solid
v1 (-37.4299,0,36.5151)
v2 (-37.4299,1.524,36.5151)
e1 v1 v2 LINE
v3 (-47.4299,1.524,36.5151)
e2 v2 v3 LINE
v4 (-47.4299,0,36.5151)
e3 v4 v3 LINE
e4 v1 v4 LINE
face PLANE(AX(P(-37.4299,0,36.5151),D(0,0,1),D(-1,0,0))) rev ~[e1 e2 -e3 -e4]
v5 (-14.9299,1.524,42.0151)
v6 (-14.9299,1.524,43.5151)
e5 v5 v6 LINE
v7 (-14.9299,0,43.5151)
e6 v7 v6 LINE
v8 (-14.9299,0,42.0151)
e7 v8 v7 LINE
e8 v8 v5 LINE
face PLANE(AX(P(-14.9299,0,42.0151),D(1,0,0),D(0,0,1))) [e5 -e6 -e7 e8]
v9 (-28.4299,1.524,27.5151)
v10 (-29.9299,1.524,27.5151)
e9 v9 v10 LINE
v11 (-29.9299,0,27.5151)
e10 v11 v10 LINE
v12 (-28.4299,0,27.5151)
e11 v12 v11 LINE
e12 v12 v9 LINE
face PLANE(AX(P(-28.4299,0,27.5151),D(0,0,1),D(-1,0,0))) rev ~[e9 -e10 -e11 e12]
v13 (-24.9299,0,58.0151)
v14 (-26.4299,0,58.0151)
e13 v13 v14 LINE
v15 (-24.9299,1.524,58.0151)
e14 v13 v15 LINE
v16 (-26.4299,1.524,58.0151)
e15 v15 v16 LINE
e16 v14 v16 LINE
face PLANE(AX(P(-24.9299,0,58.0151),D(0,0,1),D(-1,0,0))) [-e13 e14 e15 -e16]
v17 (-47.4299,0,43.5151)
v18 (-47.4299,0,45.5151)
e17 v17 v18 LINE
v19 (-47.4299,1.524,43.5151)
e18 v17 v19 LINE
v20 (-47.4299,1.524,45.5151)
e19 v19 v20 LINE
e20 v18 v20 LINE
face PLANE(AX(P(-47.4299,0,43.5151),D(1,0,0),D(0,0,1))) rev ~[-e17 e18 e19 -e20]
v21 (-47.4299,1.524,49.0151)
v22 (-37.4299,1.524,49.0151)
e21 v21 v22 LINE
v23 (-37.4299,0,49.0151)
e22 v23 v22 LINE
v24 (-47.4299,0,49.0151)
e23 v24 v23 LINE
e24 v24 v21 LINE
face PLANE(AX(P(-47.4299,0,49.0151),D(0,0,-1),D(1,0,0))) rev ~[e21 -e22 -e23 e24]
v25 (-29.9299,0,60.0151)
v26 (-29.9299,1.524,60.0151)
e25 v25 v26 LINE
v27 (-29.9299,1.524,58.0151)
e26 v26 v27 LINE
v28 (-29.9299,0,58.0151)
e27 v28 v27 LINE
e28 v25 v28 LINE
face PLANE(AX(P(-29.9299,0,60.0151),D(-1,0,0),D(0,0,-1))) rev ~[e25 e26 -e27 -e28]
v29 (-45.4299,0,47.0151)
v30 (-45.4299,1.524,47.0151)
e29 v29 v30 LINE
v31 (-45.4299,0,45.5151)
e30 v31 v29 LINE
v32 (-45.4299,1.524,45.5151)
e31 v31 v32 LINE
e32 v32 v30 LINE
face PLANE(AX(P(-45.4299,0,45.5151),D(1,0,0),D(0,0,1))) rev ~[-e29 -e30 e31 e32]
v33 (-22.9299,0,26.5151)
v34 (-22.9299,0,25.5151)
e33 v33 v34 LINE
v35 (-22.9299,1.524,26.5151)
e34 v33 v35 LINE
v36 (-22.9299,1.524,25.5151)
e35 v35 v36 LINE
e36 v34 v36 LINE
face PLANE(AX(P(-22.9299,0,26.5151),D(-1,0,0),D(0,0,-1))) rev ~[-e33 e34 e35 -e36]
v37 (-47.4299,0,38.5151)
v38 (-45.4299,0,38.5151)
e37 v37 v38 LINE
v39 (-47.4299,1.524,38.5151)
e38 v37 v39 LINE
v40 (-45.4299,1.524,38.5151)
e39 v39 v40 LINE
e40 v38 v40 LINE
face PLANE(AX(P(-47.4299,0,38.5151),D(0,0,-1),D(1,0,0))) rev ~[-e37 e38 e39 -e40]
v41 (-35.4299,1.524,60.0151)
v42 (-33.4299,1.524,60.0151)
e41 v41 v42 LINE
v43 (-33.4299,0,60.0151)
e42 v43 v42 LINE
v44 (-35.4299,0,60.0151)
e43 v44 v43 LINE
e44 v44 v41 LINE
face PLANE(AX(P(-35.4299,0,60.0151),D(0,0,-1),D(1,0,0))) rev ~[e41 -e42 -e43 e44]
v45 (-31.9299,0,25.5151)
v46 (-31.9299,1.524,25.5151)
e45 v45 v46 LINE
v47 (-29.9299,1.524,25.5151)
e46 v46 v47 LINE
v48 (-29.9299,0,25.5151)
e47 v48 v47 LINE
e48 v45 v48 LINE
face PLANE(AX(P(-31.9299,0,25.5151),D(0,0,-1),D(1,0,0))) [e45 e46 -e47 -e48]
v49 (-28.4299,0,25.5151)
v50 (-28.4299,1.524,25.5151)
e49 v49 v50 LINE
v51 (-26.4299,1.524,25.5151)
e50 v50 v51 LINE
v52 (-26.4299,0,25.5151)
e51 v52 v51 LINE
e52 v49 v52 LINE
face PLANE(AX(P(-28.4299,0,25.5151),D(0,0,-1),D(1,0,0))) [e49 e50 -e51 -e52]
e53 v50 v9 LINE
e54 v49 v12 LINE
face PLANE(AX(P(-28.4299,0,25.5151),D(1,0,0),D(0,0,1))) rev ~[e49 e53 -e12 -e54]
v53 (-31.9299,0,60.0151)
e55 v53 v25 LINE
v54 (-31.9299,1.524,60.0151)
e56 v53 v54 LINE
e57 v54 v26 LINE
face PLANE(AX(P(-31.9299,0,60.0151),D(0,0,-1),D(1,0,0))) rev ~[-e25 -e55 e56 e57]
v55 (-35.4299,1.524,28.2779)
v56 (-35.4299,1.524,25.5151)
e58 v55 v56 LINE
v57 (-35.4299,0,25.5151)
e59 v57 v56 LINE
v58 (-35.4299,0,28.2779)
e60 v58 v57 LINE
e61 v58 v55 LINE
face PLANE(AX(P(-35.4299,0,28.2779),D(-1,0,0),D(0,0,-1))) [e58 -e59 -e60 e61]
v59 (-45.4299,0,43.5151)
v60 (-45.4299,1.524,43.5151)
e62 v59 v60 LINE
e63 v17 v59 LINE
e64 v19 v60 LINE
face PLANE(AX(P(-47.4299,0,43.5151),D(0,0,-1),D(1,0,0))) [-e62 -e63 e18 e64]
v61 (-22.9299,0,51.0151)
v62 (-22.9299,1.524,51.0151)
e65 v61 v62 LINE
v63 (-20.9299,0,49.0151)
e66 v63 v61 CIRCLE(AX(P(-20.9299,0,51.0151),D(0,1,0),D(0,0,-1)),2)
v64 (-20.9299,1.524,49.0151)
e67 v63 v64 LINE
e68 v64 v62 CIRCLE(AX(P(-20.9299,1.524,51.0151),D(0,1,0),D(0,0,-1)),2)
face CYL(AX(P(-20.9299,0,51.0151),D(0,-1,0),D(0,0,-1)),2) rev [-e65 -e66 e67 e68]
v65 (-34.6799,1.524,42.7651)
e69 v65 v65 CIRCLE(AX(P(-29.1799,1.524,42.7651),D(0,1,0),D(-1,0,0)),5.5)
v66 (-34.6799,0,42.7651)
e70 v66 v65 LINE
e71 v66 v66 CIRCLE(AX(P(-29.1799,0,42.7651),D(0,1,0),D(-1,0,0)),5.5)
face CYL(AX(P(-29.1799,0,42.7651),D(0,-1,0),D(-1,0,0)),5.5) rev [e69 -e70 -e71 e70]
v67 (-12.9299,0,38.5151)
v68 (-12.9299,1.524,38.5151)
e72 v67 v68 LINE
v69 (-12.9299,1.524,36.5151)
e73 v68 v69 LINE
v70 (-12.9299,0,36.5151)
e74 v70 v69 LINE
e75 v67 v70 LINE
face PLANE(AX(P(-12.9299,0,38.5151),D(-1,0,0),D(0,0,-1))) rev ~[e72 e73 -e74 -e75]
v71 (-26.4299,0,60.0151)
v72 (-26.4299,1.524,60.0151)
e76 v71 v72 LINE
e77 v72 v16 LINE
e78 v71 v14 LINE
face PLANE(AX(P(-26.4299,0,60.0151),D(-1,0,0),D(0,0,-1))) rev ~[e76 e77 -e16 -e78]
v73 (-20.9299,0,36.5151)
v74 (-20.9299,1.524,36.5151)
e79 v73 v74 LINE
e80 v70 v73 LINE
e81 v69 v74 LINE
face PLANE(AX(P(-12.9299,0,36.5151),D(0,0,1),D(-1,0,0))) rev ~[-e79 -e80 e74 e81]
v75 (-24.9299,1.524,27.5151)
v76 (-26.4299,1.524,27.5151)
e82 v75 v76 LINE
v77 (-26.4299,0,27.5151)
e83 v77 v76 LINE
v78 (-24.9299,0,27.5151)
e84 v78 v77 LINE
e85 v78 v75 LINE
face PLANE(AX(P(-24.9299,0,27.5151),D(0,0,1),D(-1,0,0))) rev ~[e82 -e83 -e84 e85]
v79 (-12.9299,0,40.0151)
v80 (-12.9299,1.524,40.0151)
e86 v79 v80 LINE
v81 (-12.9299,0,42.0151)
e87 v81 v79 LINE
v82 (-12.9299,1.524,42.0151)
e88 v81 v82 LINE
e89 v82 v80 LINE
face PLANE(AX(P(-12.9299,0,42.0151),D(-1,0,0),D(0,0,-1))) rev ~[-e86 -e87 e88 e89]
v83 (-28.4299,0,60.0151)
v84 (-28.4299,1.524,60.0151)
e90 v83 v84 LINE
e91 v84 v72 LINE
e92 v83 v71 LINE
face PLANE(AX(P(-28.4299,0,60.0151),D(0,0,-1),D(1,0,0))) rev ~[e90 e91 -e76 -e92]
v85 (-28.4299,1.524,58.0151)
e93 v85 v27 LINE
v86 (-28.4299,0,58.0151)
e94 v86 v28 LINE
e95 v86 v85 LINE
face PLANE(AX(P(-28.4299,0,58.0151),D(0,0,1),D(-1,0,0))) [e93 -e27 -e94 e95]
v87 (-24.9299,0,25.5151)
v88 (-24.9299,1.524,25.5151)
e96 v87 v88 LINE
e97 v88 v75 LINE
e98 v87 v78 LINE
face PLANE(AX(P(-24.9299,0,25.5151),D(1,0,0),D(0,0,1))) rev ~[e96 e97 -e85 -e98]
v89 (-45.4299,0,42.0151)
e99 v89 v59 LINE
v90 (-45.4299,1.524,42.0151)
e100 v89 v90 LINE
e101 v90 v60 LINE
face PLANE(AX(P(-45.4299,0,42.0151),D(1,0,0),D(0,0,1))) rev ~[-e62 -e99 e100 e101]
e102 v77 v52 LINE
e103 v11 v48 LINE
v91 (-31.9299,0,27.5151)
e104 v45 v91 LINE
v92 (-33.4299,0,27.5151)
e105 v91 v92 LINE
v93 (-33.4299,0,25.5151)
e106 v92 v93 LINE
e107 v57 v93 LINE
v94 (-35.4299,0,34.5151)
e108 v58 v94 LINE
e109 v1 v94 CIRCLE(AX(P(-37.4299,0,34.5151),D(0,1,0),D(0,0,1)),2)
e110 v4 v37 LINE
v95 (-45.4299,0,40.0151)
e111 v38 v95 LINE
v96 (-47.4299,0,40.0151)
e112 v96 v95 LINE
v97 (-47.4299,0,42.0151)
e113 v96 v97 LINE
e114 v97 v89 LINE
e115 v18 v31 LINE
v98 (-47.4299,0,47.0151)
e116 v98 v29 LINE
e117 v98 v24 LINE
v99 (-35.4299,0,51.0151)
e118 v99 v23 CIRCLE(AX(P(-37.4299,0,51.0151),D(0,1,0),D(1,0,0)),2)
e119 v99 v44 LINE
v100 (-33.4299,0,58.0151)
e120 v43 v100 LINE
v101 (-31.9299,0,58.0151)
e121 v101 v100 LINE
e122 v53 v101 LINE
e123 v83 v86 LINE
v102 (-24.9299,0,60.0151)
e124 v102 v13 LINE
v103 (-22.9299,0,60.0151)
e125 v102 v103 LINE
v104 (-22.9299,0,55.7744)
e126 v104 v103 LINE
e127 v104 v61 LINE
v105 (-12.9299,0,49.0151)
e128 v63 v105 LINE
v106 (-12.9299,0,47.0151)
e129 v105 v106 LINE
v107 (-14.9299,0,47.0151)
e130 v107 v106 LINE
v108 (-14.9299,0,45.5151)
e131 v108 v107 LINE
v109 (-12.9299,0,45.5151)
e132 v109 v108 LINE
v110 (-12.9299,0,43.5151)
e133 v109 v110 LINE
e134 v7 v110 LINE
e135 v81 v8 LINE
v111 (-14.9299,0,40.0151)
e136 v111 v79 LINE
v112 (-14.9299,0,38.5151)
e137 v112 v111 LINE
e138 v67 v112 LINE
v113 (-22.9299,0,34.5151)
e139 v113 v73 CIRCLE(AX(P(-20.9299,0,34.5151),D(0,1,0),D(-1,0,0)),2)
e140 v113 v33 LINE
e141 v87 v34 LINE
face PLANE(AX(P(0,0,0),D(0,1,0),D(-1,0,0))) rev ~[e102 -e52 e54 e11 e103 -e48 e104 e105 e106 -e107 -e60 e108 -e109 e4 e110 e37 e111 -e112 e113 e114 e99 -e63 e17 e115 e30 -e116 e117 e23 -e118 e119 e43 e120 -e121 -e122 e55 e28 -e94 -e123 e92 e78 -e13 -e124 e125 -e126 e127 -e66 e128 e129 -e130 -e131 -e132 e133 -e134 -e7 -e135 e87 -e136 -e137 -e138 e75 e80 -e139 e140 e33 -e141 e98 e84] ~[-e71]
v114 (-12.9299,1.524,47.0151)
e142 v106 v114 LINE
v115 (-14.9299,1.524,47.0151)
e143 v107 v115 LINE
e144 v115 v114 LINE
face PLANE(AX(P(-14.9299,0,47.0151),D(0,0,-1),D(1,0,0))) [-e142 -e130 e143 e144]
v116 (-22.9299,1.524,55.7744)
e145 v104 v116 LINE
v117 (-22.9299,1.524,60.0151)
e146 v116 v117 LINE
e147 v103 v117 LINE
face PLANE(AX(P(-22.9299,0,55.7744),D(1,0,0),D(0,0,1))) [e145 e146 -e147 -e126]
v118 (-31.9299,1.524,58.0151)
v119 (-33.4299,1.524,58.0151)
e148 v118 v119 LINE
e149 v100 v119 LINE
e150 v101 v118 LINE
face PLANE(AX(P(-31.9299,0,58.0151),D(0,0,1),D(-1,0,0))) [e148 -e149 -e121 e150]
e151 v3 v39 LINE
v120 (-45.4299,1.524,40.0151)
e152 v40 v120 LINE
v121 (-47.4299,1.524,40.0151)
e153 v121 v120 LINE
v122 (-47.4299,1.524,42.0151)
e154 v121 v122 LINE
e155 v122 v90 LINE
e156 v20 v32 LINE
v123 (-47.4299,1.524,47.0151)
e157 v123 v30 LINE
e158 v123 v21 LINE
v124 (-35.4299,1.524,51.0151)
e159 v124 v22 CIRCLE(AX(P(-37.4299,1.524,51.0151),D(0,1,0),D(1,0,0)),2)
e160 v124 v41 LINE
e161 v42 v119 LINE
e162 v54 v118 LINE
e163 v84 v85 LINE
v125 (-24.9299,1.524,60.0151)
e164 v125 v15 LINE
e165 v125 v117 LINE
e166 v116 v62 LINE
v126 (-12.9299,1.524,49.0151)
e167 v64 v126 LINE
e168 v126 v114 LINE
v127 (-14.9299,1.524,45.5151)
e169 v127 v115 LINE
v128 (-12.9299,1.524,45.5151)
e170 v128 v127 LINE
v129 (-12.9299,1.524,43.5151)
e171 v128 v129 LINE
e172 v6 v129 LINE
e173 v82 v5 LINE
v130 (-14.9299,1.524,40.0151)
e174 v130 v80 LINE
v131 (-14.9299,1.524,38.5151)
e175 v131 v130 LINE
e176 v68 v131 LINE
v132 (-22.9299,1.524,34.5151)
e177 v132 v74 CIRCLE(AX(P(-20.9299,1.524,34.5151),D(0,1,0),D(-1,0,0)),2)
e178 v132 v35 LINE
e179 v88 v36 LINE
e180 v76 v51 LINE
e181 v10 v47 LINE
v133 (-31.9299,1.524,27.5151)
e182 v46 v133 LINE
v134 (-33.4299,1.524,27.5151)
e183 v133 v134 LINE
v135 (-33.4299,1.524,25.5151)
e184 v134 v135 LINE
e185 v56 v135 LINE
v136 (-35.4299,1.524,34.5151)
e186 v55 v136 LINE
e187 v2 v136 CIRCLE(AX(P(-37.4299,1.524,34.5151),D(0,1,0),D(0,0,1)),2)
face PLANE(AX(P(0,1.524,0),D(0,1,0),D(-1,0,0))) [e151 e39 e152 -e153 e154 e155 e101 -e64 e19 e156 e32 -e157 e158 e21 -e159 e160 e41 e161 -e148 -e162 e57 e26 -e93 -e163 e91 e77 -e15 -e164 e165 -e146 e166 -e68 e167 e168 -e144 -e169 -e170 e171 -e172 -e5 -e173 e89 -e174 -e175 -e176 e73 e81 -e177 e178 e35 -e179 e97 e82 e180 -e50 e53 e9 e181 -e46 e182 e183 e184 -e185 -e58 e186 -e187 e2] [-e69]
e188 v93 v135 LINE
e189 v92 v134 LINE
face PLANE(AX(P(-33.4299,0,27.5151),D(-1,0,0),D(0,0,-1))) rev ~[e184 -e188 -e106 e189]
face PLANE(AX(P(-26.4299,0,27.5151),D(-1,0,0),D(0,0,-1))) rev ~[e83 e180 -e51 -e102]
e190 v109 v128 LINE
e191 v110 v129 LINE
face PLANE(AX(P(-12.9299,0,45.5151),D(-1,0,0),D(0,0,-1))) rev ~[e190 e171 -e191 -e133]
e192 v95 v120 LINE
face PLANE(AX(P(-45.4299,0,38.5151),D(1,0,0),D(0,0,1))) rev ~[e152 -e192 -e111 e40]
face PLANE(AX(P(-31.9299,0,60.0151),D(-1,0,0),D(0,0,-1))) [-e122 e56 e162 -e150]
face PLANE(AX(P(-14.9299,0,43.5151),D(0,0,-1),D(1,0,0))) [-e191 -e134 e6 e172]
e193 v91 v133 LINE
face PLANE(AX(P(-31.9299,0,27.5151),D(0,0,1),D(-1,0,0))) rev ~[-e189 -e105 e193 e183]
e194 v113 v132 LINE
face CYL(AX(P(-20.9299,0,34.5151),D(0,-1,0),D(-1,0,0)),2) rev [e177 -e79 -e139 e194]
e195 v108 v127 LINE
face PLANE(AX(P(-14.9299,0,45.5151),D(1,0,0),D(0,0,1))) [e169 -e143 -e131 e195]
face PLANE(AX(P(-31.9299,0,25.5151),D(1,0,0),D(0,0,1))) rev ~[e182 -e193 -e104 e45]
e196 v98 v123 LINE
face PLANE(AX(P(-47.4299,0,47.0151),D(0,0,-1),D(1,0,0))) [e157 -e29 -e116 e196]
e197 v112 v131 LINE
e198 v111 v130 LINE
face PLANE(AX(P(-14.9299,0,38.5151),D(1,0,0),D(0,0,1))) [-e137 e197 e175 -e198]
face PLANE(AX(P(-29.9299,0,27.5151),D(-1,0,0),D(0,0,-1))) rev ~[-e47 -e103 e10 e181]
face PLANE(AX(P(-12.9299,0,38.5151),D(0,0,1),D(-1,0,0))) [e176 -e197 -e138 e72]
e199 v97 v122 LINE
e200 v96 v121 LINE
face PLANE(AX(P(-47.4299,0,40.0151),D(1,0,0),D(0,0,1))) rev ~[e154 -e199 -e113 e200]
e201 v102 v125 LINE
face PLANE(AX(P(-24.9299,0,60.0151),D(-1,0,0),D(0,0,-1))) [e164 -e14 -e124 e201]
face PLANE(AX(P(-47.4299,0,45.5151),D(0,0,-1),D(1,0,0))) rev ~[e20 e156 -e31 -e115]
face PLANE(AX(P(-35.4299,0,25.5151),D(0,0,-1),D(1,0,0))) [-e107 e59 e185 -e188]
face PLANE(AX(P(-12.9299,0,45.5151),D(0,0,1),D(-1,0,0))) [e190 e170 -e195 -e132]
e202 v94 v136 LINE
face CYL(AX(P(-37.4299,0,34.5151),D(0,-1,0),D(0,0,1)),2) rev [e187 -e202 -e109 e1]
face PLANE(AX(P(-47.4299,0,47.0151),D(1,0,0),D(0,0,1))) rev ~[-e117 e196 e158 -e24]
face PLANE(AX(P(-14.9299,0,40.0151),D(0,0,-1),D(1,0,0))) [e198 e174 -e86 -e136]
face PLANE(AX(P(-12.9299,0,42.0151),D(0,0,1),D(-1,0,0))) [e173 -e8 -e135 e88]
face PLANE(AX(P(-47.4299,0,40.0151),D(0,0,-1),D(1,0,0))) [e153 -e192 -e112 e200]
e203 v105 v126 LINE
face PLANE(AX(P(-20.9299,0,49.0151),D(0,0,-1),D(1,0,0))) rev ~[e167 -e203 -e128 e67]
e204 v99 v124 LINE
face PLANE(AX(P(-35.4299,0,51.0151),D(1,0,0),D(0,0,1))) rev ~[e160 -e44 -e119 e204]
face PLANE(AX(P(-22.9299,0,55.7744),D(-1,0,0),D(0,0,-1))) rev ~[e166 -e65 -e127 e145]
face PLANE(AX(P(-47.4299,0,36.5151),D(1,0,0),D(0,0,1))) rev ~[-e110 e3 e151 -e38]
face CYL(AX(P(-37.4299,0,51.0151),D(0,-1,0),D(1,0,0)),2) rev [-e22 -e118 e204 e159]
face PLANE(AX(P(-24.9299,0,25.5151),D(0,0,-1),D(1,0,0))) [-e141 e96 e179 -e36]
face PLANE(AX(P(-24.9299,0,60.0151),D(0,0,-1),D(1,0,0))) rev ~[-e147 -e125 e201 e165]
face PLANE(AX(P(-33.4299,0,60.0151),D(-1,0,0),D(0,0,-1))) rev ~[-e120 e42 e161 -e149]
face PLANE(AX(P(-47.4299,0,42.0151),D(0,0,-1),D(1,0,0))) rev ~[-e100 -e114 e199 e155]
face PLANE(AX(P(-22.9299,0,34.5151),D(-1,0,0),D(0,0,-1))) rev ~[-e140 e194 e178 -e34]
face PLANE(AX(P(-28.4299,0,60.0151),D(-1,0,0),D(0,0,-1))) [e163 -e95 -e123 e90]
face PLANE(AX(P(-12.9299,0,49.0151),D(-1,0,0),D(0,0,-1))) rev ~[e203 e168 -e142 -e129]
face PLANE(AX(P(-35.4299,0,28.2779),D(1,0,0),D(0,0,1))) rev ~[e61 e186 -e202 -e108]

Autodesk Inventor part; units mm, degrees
ref_plane "YZ Plane" through (0, 0, 0) normal (1, 0, 0) x (0, 1, 0)
ref_plane "XZ Plane" through (0, 0, 0) normal (0, 1, 0) x (-1, 0, 0)
ref_plane "XY Plane" through (0, 0, 0) normal (0, 0, 1) x (1, 0, 0)
sketch "Sketch2" plane through (0, 0, 0) normal (0, 1, 0) x (-1, 0, 0)
  line L0 (35.4299, 28.2779) -> (35.4299, 34.5151)
  line L1 (35.4299, 51.0151) -> (35.4299, 60.0151)
  line L2 (47.4299, 49.0151) -> (37.4299, 49.0151)
  line L3 (20.9299, 49.0151) -> (12.9299, 49.0151)
  line L4 (22.9299, 55.7744) -> (22.9299, 51.0151)
  line L5 (22.9299, 34.5151) -> (22.9299, 26.5151)
  line L6 (12.9299, 36.5151) -> (20.9299, 36.5151)
  line L7 (37.4299, 36.5151) -> (47.4299, 36.5151)
  line L8 (12.9299, 38.5151) -> (14.9299, 38.5151)
  line L9 (14.9299, 38.5151) -> (14.9299, 40.0151)
  line L10 (14.9299, 40.0151) -> (12.9299, 40.0151)
  line L11 (12.9299, 42.0151) -> (14.9299, 42.0151)
  line L12 (14.9299, 42.0151) -> (14.9299, 43.5151)
  line L13 (14.9299, 43.5151) -> (12.9299, 43.5151)
  line L14 (12.9299, 45.5151) -> (14.9299, 45.5151)
  line L15 (14.9299, 45.5151) -> (14.9299, 47.0151)
  line L16 (14.9299, 47.0151) -> (12.9299, 47.0151)
  line L17 (12.9299, 49.0151) -> (12.9299, 47.0151)
  line L18 (12.9299, 45.5151) -> (12.9299, 43.5151)
  line L19 (12.9299, 42.0151) -> (12.9299, 40.0151)
  line L20 (12.9299, 38.5151) -> (12.9299, 36.5151)
  line L21 (33.4299, 27.5151) -> (33.4299, 25.5151)
  line L22 (31.9299, 25.5151) -> (31.9299, 27.5151)
  line L23 (29.9299, 27.5151) -> (29.9299, 25.5151)
  line L24 (28.4299, 25.5151) -> (28.4299, 27.5151)
  line L25 (26.4299, 27.5151) -> (26.4299, 25.5151)
  line L26 (24.9299, 25.5151) -> (24.9299, 27.5151)
  line L27 (47.4299, 47.0151) -> (45.4299, 47.0151)
  line L28 (47.4299, 45.5151) -> (45.4299, 45.5151)
  line L29 (47.4299, 43.5151) -> (45.4299, 43.5151)
  line L30 (47.4299, 42.0151) -> (45.4299, 42.0151)
  line L31 (47.4299, 40.0151) -> (45.4299, 40.0151)
  line L32 (47.4299, 38.5151) -> (45.4299, 38.5151)
  line L33 (45.4299, 38.5151) -> (45.4299, 40.0151)
  line L34 (45.4299, 42.0151) -> (45.4299, 43.5151)
  line L35 (45.4299, 45.5151) -> (45.4299, 47.0151)
  line L36 (47.4299, 36.5151) -> (47.4299, 38.5151)
  line L37 (47.4299, 40.0151) -> (47.4299, 42.0151)
  line L38 (47.4299, 43.5151) -> (47.4299, 45.5151)
  line L39 (47.4299, 47.0151) -> (47.4299, 49.0151)
  line L40 (33.4299, 60.0151) -> (33.4299, 58.0151)
  line L41 (31.9299, 60.0151) -> (31.9299, 58.0151)
  line L42 (29.9299, 60.0151) -> (29.9299, 58.0151)
  line L43 (28.4299, 60.0151) -> (28.4299, 58.0151)
  line L44 (26.4299, 60.0151) -> (26.4299, 58.0151)
  line L45 (24.9299, 60.0151) -> (24.9299, 58.0151)
  arc A0 (35.4299, 51.0151) -> (37.4299, 49.0151) centre (37.4299, 51.0151) ccw
  arc A1 (37.4299, 36.5151) -> (35.4299, 34.5151) centre (37.4299, 34.5151) ccw
  arc A2 (22.9299, 34.5151) -> (20.9299, 36.5151) centre (20.9299, 34.5151) ccw
  arc A3 (20.9299, 49.0151) -> (22.9299, 51.0151) centre (20.9299, 51.0151) ccw
  line L46 (35.4299, 28.2779) -> (35.4299, 25.5151)
  line L47 (22.9299, 26.5151) -> (22.9299, 25.5151)
  line L48 (35.4299, 25.5151) -> (33.4299, 25.5151)
  line L49 (31.9299, 25.5151) -> (29.9299, 25.5151)
  line L50 (28.4299, 25.5151) -> (26.4299, 25.5151)
  line L51 (24.9299, 25.5151) -> (22.9299, 25.5151)
  line L52 (24.9299, 27.5151) -> (26.4299, 27.5151)
  line L53 (28.4299, 27.5151) -> (29.9299, 27.5151)
  line L54 (31.9299, 27.5151) -> (33.4299, 27.5151)
  line L55 (22.9299, 55.7744) -> (22.9299, 60.0151)
  line L56 (35.4299, 60.0151) -> (33.4299, 60.0151)
  line L57 (31.9299, 60.0151) -> (29.9299, 60.0151)
  line L58 (28.4299, 60.0151) -> (26.4299, 60.0151)
  line L59 (24.9299, 60.0151) -> (22.9299, 60.0151)
  line L60 (24.9299, 58.0151) -> (26.4299, 58.0151)
  line L61 (28.4299, 58.0151) -> (29.9299, 58.0151)
  line L62 (31.9299, 58.0151) -> (33.4299, 58.0151)
  circle A4 centre (29.1799, 42.7651) radius 5.5
  point P0 (0, 0)
  point P1 (35.4299, 36.5151)
  point P2 (35.4299, 49.0151)
  point P3 (22.9299, 49.0151)
  point P4 (22.9299, 36.5151)
  dimension "d25" = 1.5
  dimension "d26" = 1.5
  dimension "d27" = 1.5
  dimension "d28" = 2
  dimension "d29" = 2
  dimension "d30" = 2
  dimension "d31" = 2
  dimension "d43" = 2
  dimension "d44" = 2
  dimension "d45" = 2
  dimension "d46" = 2
  dimension "d47" = 2
  dimension "d48" = 2
  dimension "d49" = 2
  dimension "d50" = 2
  dimension "d51" = 2
  dimension "d52" = 2
  dimension "d53" = 2
  dimension "d60" = 2
  dimension "d61" = 1.5
  dimension "d62" = 1.5
  dimension "d63" = 1.5
  dimension "d64" = 1.5
  dimension "d65" = 1.5
  dimension "d66" = 1.5
  dimension "d67" = 1.5
  dimension "d68" = 1.5
  dimension "d69" = 1.5
  dimension "d70" = 2
  dimension "d71" = 2
  dimension "d72" = 2
  dimension "d74" = 2
  dimension "d75" = 2
  dimension "d76" = 2
  dimension "d77" = 2
  dimension "d78" = 2
  dimension "d79" = 2
  dimension "d80" = 2
  dimension "d81" = 11
  dimension "d82" = 11
  dimension "d83" = 11
  dimension "d84" = 11
  dimension "d85" = 2
  dimension "d86" = 2
  dimension "d87" = 2
  dimension "d88" = 2
  dimension "d89" = 10
  dimension "d90" = 10
  dimension "d91" = 12
  dimension "d92" = 12
  dimension "d97" = 2
  dimension "d98" = 2
  dimension "d99" = 2
  dimension "d100" = 8
  dimension "d102" = 2
  dimension "d105" = 6.25
  dimension "d106" = 6.25
  dimension "d109" = 2
  dimension "d110" = 0
  dimension "d111" = 2
  dimension "d112" = 0
  dimension "d113" = 2
extrude "Extrusion3" add sketch "Sketch2" along normal blind 1.524
properties part number "cross"
